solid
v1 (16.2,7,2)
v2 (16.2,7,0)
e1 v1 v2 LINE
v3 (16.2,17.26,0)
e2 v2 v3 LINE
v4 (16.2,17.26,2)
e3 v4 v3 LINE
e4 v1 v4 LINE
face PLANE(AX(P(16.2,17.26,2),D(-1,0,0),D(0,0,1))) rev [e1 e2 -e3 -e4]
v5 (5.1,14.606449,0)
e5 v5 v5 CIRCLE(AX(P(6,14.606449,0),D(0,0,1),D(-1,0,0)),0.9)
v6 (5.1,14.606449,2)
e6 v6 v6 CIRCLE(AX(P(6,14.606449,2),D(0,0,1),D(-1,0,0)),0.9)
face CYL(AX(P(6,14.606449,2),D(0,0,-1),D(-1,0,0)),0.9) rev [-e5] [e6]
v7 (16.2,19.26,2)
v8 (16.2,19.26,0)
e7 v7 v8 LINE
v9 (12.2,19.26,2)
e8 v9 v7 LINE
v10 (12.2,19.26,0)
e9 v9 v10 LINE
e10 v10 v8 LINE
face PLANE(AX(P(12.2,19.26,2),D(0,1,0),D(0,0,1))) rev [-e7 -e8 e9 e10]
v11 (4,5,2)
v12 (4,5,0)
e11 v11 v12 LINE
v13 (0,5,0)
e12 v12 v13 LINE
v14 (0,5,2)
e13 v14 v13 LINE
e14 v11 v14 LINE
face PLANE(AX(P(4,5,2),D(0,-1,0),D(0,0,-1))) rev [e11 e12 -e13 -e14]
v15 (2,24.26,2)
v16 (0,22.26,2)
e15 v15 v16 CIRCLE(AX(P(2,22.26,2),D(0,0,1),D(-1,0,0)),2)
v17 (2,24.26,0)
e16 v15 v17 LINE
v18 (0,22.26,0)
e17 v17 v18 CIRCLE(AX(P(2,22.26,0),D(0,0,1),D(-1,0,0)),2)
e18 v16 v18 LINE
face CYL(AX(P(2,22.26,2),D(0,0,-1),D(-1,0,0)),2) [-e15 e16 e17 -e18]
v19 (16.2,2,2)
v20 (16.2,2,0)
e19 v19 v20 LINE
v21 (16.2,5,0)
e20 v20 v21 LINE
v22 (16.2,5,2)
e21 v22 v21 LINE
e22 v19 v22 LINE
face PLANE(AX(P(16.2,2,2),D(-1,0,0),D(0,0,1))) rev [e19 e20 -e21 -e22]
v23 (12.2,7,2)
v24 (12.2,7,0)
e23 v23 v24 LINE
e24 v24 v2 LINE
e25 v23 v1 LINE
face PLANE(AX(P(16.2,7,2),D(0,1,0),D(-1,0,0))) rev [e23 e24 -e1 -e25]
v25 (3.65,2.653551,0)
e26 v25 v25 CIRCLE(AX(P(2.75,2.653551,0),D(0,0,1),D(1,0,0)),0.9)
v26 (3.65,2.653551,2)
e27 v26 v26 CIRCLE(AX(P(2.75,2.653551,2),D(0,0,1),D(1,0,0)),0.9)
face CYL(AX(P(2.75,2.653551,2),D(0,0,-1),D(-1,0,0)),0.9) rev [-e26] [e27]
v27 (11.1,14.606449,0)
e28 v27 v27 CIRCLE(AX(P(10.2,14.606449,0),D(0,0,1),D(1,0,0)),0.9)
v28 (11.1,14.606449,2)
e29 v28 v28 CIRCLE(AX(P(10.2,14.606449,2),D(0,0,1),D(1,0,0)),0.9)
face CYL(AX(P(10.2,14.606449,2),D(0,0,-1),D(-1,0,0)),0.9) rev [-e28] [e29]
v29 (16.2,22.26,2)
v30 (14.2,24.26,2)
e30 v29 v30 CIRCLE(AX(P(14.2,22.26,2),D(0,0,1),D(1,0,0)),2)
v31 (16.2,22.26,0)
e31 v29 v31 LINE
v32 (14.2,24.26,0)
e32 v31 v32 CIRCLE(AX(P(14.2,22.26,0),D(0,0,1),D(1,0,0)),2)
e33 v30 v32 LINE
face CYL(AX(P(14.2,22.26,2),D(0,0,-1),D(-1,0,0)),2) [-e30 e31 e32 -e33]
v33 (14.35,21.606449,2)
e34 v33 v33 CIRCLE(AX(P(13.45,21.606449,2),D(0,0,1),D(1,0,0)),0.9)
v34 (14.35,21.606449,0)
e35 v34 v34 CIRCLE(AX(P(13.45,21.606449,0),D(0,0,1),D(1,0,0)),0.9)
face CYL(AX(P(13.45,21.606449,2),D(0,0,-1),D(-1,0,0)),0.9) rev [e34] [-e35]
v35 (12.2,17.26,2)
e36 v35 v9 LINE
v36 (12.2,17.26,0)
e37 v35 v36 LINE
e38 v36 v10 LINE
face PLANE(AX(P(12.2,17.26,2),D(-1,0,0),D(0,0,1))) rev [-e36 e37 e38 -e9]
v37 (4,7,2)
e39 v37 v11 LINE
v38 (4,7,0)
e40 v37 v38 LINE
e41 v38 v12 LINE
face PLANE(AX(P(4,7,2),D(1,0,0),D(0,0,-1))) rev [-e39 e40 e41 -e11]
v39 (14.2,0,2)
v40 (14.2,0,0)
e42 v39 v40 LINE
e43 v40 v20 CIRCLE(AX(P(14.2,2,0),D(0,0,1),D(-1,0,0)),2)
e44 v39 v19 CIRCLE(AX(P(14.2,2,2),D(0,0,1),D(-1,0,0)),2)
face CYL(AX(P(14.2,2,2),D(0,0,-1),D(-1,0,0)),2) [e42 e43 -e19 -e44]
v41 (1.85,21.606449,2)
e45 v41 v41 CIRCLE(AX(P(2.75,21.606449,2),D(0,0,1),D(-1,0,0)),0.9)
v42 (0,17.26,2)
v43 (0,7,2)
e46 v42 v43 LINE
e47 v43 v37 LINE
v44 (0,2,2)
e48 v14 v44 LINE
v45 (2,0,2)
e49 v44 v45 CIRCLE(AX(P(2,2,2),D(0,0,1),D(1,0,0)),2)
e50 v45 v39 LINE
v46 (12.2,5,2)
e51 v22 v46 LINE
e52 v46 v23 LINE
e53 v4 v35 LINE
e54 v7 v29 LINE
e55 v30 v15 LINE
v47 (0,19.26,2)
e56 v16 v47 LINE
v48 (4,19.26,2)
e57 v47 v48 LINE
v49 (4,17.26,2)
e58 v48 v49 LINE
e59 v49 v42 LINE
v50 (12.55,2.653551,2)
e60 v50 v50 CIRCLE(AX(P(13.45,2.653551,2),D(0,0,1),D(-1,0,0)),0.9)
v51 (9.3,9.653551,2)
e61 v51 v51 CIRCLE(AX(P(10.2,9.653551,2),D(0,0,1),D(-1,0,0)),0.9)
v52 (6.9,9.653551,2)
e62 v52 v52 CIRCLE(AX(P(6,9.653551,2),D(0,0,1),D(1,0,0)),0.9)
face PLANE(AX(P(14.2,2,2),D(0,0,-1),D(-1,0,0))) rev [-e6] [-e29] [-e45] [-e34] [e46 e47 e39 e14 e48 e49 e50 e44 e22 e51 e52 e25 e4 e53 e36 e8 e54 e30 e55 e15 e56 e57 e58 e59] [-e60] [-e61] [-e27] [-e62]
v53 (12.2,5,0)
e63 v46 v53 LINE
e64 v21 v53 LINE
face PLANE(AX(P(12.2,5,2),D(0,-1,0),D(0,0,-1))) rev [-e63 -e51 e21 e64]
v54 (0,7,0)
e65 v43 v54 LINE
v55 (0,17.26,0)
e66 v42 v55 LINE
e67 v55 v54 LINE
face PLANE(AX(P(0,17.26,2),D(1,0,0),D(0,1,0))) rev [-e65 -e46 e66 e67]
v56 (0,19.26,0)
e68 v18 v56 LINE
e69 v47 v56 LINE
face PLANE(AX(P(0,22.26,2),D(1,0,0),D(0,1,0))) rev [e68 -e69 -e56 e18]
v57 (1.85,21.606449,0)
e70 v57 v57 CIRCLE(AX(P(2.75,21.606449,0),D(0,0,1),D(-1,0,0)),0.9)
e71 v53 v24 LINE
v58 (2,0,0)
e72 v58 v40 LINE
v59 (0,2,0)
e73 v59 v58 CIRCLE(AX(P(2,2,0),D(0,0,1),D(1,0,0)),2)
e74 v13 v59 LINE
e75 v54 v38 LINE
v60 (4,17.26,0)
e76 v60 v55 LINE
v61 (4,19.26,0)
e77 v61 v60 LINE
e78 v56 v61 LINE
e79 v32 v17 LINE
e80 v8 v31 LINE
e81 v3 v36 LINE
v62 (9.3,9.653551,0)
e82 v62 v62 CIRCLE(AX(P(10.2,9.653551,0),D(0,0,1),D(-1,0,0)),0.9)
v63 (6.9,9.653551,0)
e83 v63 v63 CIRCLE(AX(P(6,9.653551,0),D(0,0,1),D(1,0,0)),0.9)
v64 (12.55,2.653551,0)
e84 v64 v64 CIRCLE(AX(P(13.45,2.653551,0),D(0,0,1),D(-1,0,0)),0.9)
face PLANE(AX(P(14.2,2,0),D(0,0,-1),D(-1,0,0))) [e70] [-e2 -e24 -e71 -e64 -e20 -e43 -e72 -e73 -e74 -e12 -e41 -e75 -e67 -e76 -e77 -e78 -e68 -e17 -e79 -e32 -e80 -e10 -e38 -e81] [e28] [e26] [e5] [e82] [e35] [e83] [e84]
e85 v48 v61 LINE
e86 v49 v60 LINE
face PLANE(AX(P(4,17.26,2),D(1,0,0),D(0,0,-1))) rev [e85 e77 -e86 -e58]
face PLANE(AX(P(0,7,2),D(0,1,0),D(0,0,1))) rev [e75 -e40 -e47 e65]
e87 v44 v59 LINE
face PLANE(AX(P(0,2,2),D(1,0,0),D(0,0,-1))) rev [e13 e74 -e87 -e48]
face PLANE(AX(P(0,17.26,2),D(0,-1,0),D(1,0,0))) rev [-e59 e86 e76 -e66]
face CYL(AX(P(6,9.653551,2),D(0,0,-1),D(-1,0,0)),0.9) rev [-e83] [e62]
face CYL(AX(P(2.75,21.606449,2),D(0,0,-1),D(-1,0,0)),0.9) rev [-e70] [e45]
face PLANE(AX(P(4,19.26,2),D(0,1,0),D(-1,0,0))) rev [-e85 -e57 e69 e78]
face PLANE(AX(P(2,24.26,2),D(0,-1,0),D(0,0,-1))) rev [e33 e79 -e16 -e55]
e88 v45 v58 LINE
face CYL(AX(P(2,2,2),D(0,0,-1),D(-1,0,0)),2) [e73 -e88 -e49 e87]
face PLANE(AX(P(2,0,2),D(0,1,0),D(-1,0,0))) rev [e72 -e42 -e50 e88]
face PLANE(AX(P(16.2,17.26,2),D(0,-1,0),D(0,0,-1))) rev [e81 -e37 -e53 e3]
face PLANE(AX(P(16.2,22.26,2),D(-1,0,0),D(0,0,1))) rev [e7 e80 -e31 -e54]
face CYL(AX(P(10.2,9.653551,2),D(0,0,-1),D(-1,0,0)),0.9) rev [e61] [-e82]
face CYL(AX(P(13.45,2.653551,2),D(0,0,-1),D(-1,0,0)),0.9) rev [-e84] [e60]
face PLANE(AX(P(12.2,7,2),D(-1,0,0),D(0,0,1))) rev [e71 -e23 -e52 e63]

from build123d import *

# Parameters (mm, degrees)
SKETCH1_R           = 0.9
BOSS_EXTRUDE1_DEPTH = 2


with BuildPart() as part:
    # Sketch1 → Boss-Extrude1 (new body)
    with BuildSketch(Plane.XY):
        with BuildLine():
            Line((16.2, 17.26), (16.2, 7))
            Line((16.2, 7), (12.2, 7))
            Line((12.2, 7), (12.2, 5))
            Line((12.2, 5), (16.2, 5))
            Line((16.2, 5), (16.2, 2))
            ThreePointArc((16.2, 2), (15.614213562, 0.585786438), (14.2, 0))
            Line((14.2, 0), (2, 0))
            ThreePointArc((2, 0), (0.585786438, 0.585786438), (0, 2))
            Line((0, 2), (0, 5))
            Line((0, 5), (4, 5))
            Line((4, 5), (4, 7))
            Line((4, 7), (0, 7))
            Line((0, 7), (0, 17.26))
            Line((0, 17.26), (4, 17.26))
            Line((4, 17.26), (4, 19.26))
            Line((4, 19.26), (0, 19.26))
            Line((0, 19.26), (0, 22.26))
            ThreePointArc((0, 22.26), (0.585786438, 23.674213562), (2, 24.26))
            Line((2, 24.26), (14.2, 24.26))
            ThreePointArc((14.2, 24.26), (15.614213562, 23.674213562), (16.2, 22.26))
            Line((16.2, 22.26), (16.2, 19.26))
            Line((16.2, 19.26), (12.2, 19.26))
            Line((12.2, 19.26), (12.2, 17.26))
            Line((12.2, 17.26), (16.2, 17.26))
        make_face()
        with Locations((13.45, 2.653551169)):
            Circle(SKETCH1_R, mode=Mode.SUBTRACT)
        with Locations((10.2, 9.653551169)):
            Circle(SKETCH1_R, mode=Mode.SUBTRACT)
        with Locations((2.75, 21.606448831)):
            Circle(SKETCH1_R, mode=Mode.SUBTRACT)
        with Locations((6, 14.606448831)):
            Circle(SKETCH1_R, mode=Mode.SUBTRACT)
        with Locations((10.2, 14.606448831)):
            Circle(SKETCH1_R, mode=Mode.SUBTRACT)
        with Locations((13.45, 21.606448831)):
            Circle(SKETCH1_R, mode=Mode.SUBTRACT)
        with Locations((6, 9.653551169)):
            Circle(SKETCH1_R, mode=Mode.SUBTRACT)
        with Locations((2.75, 2.653551169)):
            Circle(SKETCH1_R, mode=Mode.SUBTRACT)
    extrude(amount=BOSS_EXTRUDE1_DEPTH)


solid = part.part
